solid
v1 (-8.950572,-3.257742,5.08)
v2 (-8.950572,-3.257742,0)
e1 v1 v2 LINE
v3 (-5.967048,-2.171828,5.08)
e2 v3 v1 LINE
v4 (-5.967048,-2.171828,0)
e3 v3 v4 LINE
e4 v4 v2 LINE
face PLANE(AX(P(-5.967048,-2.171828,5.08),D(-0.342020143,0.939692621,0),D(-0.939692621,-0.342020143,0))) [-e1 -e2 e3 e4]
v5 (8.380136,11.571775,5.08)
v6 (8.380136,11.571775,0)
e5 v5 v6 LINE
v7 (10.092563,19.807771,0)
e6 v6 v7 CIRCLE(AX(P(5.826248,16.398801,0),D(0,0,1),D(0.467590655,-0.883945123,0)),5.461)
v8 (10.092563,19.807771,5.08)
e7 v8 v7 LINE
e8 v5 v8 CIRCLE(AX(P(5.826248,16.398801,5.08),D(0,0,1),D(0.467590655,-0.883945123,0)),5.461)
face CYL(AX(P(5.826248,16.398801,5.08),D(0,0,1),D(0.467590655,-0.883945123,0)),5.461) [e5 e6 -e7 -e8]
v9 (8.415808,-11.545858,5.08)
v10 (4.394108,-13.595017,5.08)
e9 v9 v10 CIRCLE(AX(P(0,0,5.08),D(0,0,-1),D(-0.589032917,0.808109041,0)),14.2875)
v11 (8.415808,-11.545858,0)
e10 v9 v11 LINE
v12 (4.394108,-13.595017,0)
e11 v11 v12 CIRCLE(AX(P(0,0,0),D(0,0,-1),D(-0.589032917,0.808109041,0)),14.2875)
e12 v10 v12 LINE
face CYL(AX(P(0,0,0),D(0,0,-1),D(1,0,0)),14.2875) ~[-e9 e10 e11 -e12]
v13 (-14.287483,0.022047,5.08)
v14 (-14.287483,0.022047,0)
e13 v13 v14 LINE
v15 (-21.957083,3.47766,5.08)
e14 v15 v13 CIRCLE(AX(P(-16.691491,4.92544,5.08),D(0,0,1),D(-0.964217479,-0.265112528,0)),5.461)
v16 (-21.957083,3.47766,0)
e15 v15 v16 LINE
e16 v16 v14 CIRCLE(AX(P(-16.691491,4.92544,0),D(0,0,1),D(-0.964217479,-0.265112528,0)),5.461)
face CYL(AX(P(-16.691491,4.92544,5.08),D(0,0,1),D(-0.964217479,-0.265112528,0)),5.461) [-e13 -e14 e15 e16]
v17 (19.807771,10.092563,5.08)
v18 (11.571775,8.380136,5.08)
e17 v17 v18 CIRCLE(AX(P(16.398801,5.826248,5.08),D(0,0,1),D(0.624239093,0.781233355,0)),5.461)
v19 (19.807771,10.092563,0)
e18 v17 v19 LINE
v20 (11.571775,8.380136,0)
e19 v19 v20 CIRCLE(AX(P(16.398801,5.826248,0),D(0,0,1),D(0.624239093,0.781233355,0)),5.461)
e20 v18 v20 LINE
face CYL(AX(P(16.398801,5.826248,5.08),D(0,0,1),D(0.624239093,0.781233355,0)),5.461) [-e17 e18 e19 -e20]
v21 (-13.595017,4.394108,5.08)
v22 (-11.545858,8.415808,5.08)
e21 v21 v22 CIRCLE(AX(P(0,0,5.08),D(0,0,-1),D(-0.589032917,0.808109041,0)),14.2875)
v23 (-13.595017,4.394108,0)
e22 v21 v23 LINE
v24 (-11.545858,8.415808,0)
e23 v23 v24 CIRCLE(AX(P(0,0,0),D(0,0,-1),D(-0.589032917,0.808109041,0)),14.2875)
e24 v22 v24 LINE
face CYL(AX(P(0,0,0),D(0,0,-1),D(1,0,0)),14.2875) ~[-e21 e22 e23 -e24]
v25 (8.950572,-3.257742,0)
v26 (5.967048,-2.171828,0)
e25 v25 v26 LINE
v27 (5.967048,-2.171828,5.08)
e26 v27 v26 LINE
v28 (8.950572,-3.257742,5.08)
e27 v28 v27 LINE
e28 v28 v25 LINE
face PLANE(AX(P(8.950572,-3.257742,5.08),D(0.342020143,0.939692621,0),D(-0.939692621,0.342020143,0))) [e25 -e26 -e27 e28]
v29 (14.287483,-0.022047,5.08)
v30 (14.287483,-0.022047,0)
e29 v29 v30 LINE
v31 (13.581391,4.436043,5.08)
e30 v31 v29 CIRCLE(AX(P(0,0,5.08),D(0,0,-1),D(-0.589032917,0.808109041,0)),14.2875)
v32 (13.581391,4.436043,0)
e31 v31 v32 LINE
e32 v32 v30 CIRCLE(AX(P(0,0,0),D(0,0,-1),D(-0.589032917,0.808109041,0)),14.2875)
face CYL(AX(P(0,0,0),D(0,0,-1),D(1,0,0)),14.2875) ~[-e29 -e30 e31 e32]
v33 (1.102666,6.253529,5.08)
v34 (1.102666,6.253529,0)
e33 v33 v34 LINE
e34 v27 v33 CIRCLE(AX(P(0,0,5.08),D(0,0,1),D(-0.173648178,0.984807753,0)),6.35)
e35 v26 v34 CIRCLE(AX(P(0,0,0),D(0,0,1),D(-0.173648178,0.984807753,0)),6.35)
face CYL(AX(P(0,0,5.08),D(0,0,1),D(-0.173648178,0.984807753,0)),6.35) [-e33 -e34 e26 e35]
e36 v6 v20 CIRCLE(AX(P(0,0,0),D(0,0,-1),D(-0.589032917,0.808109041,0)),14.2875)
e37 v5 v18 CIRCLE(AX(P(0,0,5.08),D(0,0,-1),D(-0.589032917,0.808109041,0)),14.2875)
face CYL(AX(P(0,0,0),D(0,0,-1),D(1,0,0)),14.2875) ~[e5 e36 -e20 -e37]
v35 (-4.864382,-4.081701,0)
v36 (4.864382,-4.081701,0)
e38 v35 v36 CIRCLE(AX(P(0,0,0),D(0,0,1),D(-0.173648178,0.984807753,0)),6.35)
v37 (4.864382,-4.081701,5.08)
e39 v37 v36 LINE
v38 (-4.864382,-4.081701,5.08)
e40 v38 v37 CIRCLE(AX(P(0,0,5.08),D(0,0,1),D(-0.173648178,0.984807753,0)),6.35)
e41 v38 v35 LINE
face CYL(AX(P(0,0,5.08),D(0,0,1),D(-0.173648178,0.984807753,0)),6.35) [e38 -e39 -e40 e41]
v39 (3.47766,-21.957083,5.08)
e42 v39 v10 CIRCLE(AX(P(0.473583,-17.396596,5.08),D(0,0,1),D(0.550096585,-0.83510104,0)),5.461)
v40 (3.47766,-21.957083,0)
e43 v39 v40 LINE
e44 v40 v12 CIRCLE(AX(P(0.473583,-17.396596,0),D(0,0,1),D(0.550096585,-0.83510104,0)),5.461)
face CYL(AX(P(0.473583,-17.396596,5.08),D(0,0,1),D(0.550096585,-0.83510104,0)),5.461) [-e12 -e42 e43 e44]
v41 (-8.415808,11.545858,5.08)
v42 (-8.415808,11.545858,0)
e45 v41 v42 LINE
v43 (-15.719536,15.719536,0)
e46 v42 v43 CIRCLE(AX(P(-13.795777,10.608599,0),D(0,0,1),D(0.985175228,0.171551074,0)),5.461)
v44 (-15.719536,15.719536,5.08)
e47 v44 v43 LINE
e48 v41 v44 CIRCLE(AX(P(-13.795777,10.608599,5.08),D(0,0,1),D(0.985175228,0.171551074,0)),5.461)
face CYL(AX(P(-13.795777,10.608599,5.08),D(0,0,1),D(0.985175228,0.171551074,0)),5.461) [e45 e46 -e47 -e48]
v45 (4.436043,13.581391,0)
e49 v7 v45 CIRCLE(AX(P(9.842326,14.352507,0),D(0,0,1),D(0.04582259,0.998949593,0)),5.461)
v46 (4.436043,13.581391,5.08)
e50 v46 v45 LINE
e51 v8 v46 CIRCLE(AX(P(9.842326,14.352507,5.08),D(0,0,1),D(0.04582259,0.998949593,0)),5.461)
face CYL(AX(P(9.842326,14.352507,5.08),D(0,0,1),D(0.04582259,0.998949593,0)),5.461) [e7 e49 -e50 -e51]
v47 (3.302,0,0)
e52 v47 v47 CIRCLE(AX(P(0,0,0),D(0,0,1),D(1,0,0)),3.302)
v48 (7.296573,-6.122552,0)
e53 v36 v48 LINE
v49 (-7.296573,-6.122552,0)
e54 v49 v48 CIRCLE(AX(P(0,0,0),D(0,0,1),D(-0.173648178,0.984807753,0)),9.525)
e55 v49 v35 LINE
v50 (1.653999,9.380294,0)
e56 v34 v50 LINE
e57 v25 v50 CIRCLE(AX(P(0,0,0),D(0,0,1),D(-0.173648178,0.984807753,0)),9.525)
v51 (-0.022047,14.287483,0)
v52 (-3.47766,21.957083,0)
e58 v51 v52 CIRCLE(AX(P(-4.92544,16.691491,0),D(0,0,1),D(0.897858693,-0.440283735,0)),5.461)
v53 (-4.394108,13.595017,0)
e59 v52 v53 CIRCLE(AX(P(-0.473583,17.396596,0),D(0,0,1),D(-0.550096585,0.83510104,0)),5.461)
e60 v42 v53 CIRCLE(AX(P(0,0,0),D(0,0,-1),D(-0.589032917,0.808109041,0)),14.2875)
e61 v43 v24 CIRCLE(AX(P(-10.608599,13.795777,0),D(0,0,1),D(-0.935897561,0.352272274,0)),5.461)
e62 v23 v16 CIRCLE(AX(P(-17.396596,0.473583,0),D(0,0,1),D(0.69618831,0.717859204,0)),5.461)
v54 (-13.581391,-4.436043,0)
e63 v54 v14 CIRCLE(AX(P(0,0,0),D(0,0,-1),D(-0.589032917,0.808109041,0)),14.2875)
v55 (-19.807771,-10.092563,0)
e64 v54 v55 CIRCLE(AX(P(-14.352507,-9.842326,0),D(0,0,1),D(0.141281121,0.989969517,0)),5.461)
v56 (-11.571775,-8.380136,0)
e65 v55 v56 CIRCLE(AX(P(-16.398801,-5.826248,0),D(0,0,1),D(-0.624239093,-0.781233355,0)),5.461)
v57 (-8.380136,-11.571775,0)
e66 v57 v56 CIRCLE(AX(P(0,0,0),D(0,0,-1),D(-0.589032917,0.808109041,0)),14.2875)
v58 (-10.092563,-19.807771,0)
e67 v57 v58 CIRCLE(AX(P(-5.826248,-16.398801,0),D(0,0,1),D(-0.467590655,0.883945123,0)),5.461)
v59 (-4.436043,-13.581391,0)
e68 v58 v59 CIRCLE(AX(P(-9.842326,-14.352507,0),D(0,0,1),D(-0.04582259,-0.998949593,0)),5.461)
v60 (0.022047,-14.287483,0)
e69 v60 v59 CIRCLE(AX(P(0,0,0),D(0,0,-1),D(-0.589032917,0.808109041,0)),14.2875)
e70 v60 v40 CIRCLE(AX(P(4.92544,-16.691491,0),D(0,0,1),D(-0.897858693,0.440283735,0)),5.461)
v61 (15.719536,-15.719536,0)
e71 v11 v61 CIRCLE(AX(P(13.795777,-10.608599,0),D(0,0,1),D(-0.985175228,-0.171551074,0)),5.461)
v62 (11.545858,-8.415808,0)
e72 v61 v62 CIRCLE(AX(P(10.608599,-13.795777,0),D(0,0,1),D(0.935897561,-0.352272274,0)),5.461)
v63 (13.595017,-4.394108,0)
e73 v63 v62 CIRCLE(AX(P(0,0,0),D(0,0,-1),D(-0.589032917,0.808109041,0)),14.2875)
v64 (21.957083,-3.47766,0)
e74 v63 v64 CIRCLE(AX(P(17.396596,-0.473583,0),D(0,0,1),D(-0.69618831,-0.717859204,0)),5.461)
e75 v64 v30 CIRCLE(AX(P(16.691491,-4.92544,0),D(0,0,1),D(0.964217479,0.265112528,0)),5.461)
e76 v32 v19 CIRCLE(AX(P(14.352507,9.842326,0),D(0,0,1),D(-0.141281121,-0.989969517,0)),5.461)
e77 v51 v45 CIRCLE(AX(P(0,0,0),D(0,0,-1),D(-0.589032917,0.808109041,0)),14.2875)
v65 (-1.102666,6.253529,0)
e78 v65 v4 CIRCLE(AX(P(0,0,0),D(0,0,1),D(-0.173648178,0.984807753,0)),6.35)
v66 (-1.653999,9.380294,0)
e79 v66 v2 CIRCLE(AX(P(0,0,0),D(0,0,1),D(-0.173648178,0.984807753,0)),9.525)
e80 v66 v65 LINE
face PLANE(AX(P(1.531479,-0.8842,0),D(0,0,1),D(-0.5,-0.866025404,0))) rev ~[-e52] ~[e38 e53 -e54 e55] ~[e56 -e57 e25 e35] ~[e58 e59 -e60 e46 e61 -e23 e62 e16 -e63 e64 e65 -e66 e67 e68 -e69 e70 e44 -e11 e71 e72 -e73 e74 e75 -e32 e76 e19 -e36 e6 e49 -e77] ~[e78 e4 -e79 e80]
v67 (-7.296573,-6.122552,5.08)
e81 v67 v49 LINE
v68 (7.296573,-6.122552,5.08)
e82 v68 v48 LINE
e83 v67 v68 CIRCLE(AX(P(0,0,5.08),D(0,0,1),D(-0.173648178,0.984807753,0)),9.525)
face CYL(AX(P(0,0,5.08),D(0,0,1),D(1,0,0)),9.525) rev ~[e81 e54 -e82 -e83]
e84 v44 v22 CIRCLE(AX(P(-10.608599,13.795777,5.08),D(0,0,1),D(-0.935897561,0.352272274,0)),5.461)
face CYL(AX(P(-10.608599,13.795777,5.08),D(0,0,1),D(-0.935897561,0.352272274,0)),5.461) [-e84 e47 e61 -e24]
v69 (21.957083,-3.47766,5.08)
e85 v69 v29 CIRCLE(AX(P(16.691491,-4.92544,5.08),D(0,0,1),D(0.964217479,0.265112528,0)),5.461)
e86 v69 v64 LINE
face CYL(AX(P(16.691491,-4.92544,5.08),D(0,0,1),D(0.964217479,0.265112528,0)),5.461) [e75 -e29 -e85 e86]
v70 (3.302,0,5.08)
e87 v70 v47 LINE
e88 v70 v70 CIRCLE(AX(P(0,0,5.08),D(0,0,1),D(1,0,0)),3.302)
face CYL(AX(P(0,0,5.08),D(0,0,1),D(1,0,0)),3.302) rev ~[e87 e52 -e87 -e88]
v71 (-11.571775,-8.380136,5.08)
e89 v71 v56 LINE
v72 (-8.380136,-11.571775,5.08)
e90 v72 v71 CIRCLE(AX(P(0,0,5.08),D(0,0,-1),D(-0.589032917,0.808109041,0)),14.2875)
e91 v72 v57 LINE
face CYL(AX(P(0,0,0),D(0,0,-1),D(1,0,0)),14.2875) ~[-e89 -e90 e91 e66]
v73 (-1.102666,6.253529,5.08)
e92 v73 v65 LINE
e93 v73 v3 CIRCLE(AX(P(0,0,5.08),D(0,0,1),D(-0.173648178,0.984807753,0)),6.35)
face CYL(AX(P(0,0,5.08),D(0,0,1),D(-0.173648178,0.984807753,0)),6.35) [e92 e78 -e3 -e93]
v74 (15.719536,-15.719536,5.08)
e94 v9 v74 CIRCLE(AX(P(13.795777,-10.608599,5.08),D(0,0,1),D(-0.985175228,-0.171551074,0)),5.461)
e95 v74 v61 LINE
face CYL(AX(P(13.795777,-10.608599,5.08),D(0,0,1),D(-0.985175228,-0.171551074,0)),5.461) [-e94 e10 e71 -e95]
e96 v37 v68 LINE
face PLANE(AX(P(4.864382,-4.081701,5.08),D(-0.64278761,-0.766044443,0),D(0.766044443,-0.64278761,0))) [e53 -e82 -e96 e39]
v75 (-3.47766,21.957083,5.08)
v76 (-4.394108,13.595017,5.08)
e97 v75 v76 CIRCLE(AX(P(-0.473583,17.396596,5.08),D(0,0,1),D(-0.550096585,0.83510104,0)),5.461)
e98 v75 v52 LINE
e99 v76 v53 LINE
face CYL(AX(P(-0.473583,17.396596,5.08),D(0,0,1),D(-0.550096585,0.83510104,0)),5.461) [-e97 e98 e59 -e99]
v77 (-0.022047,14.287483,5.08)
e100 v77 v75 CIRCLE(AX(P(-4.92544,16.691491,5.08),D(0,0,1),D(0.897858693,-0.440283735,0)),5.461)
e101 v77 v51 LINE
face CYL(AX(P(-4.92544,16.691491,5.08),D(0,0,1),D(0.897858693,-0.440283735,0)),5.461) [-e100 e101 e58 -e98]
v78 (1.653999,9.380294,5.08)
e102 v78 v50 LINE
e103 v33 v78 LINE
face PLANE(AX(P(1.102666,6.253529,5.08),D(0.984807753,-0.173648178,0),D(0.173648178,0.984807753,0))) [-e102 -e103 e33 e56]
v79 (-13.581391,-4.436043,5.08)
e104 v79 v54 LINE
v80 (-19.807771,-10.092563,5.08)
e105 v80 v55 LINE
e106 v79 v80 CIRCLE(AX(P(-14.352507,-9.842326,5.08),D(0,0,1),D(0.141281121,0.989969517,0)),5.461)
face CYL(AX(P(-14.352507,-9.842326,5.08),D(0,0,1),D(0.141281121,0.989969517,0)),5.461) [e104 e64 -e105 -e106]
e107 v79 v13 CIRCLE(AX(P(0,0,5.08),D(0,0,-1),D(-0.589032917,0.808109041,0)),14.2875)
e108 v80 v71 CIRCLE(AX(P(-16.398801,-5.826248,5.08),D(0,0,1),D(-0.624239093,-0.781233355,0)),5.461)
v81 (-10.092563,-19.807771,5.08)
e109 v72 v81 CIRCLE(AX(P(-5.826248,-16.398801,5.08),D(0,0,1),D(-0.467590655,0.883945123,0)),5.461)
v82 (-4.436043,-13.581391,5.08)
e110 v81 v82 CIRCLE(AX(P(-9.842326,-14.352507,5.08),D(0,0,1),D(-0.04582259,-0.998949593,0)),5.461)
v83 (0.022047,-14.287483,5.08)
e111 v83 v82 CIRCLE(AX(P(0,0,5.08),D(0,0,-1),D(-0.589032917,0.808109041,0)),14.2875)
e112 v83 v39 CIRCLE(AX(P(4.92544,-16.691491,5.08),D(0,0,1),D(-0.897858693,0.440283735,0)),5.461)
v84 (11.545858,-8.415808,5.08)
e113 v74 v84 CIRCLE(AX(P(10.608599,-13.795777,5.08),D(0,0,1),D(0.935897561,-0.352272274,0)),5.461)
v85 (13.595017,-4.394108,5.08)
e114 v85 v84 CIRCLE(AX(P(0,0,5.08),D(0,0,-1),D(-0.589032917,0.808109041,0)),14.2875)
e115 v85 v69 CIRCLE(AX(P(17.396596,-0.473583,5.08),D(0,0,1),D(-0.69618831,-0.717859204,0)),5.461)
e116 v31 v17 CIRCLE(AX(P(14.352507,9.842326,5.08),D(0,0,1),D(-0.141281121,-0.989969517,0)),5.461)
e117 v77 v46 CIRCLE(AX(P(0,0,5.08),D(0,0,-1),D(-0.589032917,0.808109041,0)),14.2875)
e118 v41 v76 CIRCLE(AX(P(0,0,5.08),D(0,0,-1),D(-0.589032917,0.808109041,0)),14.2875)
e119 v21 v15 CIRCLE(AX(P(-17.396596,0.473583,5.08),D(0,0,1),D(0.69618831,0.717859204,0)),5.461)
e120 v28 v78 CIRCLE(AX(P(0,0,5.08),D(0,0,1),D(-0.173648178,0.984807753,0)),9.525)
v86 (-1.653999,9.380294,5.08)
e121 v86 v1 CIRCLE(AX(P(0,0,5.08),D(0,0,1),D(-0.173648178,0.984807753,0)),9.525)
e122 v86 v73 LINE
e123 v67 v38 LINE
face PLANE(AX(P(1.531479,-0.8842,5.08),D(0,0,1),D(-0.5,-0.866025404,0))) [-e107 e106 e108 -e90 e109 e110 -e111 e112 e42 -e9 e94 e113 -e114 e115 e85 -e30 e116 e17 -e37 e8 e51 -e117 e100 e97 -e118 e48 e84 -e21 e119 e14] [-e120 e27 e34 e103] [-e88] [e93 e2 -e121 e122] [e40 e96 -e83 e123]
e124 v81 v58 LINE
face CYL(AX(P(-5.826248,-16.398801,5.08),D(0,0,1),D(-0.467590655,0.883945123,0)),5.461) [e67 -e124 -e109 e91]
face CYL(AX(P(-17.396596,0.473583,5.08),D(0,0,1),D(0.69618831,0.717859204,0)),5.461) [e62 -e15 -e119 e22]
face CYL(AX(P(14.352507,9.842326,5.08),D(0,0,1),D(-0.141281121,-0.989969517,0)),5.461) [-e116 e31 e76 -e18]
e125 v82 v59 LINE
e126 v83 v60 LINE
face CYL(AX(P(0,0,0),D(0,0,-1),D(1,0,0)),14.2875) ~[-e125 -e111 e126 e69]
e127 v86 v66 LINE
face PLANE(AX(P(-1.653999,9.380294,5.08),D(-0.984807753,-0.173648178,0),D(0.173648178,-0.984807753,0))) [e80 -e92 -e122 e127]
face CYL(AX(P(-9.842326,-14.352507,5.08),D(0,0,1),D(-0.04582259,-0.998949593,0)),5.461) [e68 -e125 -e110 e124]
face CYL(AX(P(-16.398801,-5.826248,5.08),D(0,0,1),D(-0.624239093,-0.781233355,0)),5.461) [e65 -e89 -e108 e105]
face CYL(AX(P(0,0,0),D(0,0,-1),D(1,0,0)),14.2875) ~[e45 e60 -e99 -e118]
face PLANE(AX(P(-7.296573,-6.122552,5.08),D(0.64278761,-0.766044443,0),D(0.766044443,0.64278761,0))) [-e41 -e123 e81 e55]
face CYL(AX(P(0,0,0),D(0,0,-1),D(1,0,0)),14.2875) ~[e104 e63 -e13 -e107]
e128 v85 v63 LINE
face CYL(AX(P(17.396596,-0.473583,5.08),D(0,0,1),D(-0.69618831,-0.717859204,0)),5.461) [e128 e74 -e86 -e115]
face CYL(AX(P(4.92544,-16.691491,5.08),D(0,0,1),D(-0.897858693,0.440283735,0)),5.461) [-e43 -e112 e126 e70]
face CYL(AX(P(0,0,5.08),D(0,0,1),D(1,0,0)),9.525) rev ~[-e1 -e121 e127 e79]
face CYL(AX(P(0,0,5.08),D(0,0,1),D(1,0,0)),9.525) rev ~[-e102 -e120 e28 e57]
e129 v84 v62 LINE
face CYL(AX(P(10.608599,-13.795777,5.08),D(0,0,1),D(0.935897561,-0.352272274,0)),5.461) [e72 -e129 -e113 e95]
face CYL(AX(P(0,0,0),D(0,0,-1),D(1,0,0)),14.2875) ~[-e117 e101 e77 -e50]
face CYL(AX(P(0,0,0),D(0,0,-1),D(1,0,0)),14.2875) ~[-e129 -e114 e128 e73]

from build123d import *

# Parameters (mm, degrees)
F0_R      = 14.2875
F1_DEPTH  = 5.08
F3_DEPTH  = 5.08
F4_COUNT  = 10
F5_R      = 9.525
F6_DEPTH  = 5.081
F7_DEPTH  = 5.081
F9_DEPTH  = 5.08
F10_COUNT = 3
F11_R     = 3.302
F12_DEPTH = 5.081


with BuildPart() as f1:
    # F0 (on Top) → F1 (new body)
    with BuildSketch(Plane.XY):
        Circle(F0_R)
    extrude(amount=F1_DEPTH)

    # F4: F3 ×10 about axis
    f4_axis = Axis((0, 0, 5.08), (0, 0, 1))


with BuildPart() as f3:
    # F2 (on face) → F3 (new body, through all)
    with BuildSketch(Plane.XY.offset(5.08)):
        with BuildLine():
            Line((-4.393811939, 13.5947116911), (-0.0222334703, 14.2871017002))
            ThreePointArc((-0.0222334703, 14.2871017002), (0.0536070974, 18.934616917), (-3.4776602758, 21.957082834))
            ThreePointArc((-3.4776602758, 21.957082834), (-5.9021017886, 17.9913252983), (-4.393811939, 13.5947116911))
        make_face()
    extrude(amount=-F3_DEPTH)


with BuildPart() as f1_1:
    add(f1.part)
    for i in range(1, F4_COUNT):
        add(f3.part.rotate(f4_axis, i * 360 / F4_COUNT))

    # F5 (on face) → F6 (cut, through all)
    with BuildSketch(Plane.XY.offset(5.08)):
        Circle(F5_R)
    extrude(amount=-F6_DEPTH, mode=Mode.SUBTRACT)

    # F5 (on face) → F7 (cut, through all)
    with BuildSketch(Plane.XY.offset(5.08)):
        Circle(F5_R)
    extrude(amount=-F7_DEPTH, mode=Mode.SUBTRACT)



with BuildPart() as f9:
    # F8 (on face) → F9 (new body, through all)
    with BuildSketch(Plane.XY.offset(5.08)):
        with BuildLine():
            Line((-1.6539988923, 9.3802938474), (-1.1026659282, 6.2535292316))
            ThreePointArc((-1.1026659282, 6.2535292316), (0, -6.35), (1.1026659282, 6.2535292316))
            Line((1.1026659282, 6.2535292316), (1.6539988923, 9.3802938474))
            ThreePointArc((1.6539988923, 9.3802938474), (0, 9.525), (-1.6539988923, 9.3802938474))
        make_face()
    extrude(amount=-F9_DEPTH)


with BuildPart() as f1_2:
    add(f1_1.part)

    add(f3.part)  # F10 merges F3

    add(f9.part)  # F10 merges F9
    # F10: F9 ×3 about axis
    f10_axis = Axis((0, 0, 5.08), (0, 0, 1))
    for i in range(1, F10_COUNT):
        add(f9.part.rotate(f10_axis, i * 360 / F10_COUNT))

    # F11 (on face) → F12 (cut, through all)
    with BuildSketch(Plane.XY.offset(5.08)):
        Circle(F11_R)
    extrude(amount=-F12_DEPTH, mode=Mode.SUBTRACT)


solid = f1_2.part
